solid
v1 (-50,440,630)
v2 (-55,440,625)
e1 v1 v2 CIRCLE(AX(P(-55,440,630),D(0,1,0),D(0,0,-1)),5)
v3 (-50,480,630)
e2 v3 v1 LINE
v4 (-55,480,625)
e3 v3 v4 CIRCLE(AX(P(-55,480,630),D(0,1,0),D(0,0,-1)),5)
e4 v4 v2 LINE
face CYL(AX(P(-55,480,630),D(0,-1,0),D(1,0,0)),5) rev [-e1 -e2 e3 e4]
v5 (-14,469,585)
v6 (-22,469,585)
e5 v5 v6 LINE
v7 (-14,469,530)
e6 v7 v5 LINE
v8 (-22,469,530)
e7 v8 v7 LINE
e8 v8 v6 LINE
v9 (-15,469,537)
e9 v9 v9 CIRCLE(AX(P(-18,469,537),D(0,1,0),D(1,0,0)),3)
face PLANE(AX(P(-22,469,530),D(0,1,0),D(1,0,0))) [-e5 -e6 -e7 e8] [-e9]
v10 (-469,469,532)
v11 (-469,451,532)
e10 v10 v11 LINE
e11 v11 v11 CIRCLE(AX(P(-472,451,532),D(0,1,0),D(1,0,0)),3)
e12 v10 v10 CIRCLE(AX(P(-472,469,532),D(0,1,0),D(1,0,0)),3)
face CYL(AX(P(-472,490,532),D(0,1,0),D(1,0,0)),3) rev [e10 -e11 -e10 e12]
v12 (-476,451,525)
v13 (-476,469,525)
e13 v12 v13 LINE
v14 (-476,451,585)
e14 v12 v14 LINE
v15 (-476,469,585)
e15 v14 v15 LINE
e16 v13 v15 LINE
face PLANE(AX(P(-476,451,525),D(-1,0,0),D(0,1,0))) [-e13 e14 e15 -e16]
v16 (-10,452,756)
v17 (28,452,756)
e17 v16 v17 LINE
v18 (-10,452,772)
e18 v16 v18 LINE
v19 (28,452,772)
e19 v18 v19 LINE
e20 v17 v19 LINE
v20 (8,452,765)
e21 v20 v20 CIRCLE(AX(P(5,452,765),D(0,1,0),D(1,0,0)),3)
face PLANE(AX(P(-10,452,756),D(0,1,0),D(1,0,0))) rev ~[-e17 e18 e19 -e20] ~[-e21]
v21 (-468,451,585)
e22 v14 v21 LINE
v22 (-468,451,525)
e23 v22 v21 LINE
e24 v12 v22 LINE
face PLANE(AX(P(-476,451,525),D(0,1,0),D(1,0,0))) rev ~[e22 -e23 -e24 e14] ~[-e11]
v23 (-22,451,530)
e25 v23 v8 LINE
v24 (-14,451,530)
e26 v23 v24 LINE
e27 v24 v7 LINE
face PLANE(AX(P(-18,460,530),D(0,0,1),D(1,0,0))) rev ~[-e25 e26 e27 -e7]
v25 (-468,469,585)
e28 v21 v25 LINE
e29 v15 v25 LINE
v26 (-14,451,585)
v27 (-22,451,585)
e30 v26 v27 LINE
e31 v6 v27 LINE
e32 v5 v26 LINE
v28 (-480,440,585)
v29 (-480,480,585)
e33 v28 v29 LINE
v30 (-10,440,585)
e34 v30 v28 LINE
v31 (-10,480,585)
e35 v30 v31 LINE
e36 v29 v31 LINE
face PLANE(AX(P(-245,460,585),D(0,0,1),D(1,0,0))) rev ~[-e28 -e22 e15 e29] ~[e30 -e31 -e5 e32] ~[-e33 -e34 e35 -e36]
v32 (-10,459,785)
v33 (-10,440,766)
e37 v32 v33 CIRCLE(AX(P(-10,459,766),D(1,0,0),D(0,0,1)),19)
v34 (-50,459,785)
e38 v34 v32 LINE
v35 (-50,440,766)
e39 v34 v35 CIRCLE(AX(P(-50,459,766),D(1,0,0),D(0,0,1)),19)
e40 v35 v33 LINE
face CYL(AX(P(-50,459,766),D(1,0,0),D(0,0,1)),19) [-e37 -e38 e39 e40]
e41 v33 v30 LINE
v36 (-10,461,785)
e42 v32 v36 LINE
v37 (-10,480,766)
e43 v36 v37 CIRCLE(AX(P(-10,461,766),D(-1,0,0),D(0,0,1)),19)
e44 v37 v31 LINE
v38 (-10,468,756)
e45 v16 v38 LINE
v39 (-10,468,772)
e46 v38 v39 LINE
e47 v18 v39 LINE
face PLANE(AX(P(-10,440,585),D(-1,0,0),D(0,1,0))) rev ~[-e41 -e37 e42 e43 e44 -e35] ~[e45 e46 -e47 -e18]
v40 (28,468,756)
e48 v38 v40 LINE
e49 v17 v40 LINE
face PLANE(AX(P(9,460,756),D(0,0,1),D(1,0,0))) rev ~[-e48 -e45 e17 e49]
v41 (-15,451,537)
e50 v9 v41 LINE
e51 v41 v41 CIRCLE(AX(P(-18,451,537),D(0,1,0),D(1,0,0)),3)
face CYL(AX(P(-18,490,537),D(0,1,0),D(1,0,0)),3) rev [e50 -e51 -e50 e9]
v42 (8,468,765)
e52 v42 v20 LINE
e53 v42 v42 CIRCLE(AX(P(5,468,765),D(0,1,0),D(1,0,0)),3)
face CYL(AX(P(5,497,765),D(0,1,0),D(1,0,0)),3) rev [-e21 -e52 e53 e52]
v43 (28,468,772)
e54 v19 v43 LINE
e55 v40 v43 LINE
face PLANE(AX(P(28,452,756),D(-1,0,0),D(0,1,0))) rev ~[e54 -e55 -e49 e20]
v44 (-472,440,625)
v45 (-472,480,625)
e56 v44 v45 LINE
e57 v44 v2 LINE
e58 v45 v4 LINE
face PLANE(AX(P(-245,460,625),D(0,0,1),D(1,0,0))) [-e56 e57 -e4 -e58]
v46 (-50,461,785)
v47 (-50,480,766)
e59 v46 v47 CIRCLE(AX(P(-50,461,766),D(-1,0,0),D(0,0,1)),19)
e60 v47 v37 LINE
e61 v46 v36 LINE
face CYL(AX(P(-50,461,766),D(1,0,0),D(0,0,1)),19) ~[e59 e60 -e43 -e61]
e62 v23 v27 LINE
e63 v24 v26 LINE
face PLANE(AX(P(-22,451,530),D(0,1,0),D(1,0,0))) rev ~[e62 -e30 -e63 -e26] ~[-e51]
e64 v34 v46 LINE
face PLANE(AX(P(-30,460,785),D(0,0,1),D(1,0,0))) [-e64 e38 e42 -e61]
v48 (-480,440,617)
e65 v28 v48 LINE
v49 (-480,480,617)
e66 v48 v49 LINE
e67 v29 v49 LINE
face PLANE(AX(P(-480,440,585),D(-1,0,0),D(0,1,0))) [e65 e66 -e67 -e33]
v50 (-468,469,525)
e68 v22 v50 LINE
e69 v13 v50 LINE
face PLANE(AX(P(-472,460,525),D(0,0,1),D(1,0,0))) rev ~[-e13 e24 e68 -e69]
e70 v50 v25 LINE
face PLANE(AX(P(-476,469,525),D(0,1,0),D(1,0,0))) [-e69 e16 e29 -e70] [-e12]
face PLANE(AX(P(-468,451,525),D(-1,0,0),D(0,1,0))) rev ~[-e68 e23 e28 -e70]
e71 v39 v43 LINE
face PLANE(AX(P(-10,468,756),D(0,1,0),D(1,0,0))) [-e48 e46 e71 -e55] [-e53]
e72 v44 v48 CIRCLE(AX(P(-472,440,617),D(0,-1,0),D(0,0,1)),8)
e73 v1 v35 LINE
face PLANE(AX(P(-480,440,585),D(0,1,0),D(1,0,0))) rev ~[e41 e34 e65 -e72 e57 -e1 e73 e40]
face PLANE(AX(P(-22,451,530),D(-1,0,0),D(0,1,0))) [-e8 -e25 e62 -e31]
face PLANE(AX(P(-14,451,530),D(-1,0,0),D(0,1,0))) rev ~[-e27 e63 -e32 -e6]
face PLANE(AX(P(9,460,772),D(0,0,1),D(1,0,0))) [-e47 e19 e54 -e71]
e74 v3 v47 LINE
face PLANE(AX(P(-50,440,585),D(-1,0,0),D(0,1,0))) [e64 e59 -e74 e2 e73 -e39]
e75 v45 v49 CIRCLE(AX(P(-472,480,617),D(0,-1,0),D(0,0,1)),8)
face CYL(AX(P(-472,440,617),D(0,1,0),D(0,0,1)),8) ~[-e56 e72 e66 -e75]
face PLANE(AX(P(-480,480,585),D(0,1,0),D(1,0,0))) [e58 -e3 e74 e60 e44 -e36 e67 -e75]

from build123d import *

# Parameters (mm, degrees)
CYLINDER178_R          = 3
CYLINDER178_DEPTH      = 60
CYLINDER178_ROLL_ANGLE = 90
BOX109_W               = 38
BOX109_H               = 16
BOX109_DEPTH           = 16
BOX107_W               = 40
BOX107_H               = 40
BOX107_DEPTH           = 200
CYLINDER180_R          = 3
CYLINDER180_DEPTH      = 60
CYLINDER180_ROLL_ANGLE = 90
BOX110_W               = 8
BOX110_H               = 18
BOX110_DEPTH           = 60
CYLINDER179_R          = 3
CYLINDER179_DEPTH      = 60
CYLINDER179_ROLL_ANGLE = 90
BOX105_W               = 8
BOX105_H               = 18
BOX105_DEPTH           = 60
BOX106_W               = 470
BOX106_H               = 40
BOX106_DEPTH           = 40
FILLET_R               = 19
FILLET001_R            = 5
FILLET002_R            = 8


with BuildPart() as cilindro102:
    # Cylinder178 → Cylinder178 (new body)
    with BuildSketch(Plane.XY):
        Circle(CYLINDER178_R)
    extrude(amount=CYLINDER178_DEPTH)


with BuildPart() as cilindro102_1:
    # Cylinder178 roll: moved
    add(cilindro102.part.rotate(Axis((0, 0, 0), (1, 0, 0)), CYLINDER178_ROLL_ANGLE))


with BuildPart() as cilindro102_2:
    # Cylinder178 placement: moved
    add(cilindro102_1.part.moved(Location((5, 37, 765))))


with BuildPart() as cubo075:
    # Box109 → Box109 (new body)
    with BuildSketch(Plane(origin=(-10, -8, 756), x_dir=(1, 0, 0), z_dir=(0, 0, 1))):
        with Locations((19, 8)):
            Rectangle(BOX109_W, BOX109_H)
    extrude(amount=BOX109_DEPTH)


with BuildPart() as cut001:
    # Box107 → Box107 (new body)
    with BuildSketch(Plane(origin=(-50, -20, 585), x_dir=(1, 0, 0), z_dir=(0, 0, 1))):
        with Locations((20, 20)):
            Rectangle(BOX107_W, BOX107_H)
    extrude(amount=BOX107_DEPTH)

    # Fusion054: union Cubo075
    add(cubo075.part)

    # Cut220: cut Cilindro102
    add(cilindro102_2.part, mode=Mode.SUBTRACT)


with BuildPart() as cilindro104:
    # Cylinder180 → Cylinder180 (new body)
    with BuildSketch(Plane.XY):
        Circle(CYLINDER180_R)
    extrude(amount=CYLINDER180_DEPTH)


with BuildPart() as cilindro104_1:
    # Cylinder180 roll: moved
    add(cilindro104.part.rotate(Axis((0, 0, 0), (1, 0, 0)), CYLINDER180_ROLL_ANGLE))


with BuildPart() as cilindro104_2:
    # Cylinder180 placement: moved
    add(cilindro104_1.part.moved(Location((-18, 30, 532))))


with BuildPart() as saliente001:
    # Box110 → Box110 (new body)
    with BuildSketch(Plane(origin=(-22, -9, 525), x_dir=(1, 0, 0), z_dir=(0, 0, 1))):
        with Locations((4, 9)):
            Rectangle(BOX110_W, BOX110_H)
    extrude(amount=BOX110_DEPTH)

    # Cut222: cut Cilindro104
    add(cilindro104_2.part, mode=Mode.SUBTRACT)


with BuildPart() as saliente001_1:
    # Cut222 placement: moved
    add(saliente001.part.moved(Location((-454, 0, 0))))


with BuildPart() as cilindro103:
    # Cylinder179 → Cylinder179 (new body)
    with BuildSketch(Plane.XY):
        Circle(CYLINDER179_R)
    extrude(amount=CYLINDER179_DEPTH)


with BuildPart() as cilindro103_1:
    # Cylinder179 roll: moved
    add(cilindro103.part.rotate(Axis((0, 0, 0), (1, 0, 0)), CYLINDER179_ROLL_ANGLE))


with BuildPart() as cilindro103_2:
    # Cylinder179 placement: moved
    add(cilindro103_1.part.moved(Location((-18, 30, 532))))


with BuildPart() as cut221:
    # Box105 → Box105 (new body)
    with BuildSketch(Plane(origin=(-22, -9, 525), x_dir=(1, 0, 0), z_dir=(0, 0, 1))):
        with Locations((4, 9)):
            Rectangle(BOX105_W, BOX105_H)
    extrude(amount=BOX105_DEPTH)

    # Cut221: cut Cilindro103
    add(cilindro103_2.part, mode=Mode.SUBTRACT)


with BuildPart() as cut221_1:
    # Cut221 placement: moved
    add(cut221.part.moved(Location((0, 0, 5))))


with BuildPart() as fillet002:
    # Box106 → Box106 (new body)
    with BuildSketch(Plane(origin=(-480, -20, 585), x_dir=(1, 0, 0), z_dir=(0, 0, 1))):
        with Locations((235, 20)):
            Rectangle(BOX106_W, BOX106_H)
    extrude(amount=BOX106_DEPTH)

    # Fusion055: union Saliente001, Cut221
    add(saliente001_1.part)
    add(cut221_1.part)

    # Fusion059: union cut001
    add(cut001.part)


with BuildPart() as fillet002_1:
    # Fusion059 placement: moved
    add(fillet002.part.moved(Location((0, 460, 0))))

    # Fillet
    fillet_edges = [fillet002_1.edges().sort_by_distance(p)[0] for p in [
        (-30, 480, 785),
        (-30, 440, 785),
    ]]
    fillet(fillet_edges, radius=FILLET_R)

    # Fillet001
    fillet001_edges = [fillet002_1.edges().sort_by_distance(p)[0] for p in [
        (-50, 460, 625),
    ]]
    fillet(fillet001_edges, radius=FILLET001_R)

    # Fillet002
    fillet002_edges = [fillet002_1.edges().sort_by_distance(p)[0] for p in [
        (-480, 460, 625),
    ]]
    fillet(fillet002_edges, radius=FILLET002_R)


solid = fillet002_1.part
